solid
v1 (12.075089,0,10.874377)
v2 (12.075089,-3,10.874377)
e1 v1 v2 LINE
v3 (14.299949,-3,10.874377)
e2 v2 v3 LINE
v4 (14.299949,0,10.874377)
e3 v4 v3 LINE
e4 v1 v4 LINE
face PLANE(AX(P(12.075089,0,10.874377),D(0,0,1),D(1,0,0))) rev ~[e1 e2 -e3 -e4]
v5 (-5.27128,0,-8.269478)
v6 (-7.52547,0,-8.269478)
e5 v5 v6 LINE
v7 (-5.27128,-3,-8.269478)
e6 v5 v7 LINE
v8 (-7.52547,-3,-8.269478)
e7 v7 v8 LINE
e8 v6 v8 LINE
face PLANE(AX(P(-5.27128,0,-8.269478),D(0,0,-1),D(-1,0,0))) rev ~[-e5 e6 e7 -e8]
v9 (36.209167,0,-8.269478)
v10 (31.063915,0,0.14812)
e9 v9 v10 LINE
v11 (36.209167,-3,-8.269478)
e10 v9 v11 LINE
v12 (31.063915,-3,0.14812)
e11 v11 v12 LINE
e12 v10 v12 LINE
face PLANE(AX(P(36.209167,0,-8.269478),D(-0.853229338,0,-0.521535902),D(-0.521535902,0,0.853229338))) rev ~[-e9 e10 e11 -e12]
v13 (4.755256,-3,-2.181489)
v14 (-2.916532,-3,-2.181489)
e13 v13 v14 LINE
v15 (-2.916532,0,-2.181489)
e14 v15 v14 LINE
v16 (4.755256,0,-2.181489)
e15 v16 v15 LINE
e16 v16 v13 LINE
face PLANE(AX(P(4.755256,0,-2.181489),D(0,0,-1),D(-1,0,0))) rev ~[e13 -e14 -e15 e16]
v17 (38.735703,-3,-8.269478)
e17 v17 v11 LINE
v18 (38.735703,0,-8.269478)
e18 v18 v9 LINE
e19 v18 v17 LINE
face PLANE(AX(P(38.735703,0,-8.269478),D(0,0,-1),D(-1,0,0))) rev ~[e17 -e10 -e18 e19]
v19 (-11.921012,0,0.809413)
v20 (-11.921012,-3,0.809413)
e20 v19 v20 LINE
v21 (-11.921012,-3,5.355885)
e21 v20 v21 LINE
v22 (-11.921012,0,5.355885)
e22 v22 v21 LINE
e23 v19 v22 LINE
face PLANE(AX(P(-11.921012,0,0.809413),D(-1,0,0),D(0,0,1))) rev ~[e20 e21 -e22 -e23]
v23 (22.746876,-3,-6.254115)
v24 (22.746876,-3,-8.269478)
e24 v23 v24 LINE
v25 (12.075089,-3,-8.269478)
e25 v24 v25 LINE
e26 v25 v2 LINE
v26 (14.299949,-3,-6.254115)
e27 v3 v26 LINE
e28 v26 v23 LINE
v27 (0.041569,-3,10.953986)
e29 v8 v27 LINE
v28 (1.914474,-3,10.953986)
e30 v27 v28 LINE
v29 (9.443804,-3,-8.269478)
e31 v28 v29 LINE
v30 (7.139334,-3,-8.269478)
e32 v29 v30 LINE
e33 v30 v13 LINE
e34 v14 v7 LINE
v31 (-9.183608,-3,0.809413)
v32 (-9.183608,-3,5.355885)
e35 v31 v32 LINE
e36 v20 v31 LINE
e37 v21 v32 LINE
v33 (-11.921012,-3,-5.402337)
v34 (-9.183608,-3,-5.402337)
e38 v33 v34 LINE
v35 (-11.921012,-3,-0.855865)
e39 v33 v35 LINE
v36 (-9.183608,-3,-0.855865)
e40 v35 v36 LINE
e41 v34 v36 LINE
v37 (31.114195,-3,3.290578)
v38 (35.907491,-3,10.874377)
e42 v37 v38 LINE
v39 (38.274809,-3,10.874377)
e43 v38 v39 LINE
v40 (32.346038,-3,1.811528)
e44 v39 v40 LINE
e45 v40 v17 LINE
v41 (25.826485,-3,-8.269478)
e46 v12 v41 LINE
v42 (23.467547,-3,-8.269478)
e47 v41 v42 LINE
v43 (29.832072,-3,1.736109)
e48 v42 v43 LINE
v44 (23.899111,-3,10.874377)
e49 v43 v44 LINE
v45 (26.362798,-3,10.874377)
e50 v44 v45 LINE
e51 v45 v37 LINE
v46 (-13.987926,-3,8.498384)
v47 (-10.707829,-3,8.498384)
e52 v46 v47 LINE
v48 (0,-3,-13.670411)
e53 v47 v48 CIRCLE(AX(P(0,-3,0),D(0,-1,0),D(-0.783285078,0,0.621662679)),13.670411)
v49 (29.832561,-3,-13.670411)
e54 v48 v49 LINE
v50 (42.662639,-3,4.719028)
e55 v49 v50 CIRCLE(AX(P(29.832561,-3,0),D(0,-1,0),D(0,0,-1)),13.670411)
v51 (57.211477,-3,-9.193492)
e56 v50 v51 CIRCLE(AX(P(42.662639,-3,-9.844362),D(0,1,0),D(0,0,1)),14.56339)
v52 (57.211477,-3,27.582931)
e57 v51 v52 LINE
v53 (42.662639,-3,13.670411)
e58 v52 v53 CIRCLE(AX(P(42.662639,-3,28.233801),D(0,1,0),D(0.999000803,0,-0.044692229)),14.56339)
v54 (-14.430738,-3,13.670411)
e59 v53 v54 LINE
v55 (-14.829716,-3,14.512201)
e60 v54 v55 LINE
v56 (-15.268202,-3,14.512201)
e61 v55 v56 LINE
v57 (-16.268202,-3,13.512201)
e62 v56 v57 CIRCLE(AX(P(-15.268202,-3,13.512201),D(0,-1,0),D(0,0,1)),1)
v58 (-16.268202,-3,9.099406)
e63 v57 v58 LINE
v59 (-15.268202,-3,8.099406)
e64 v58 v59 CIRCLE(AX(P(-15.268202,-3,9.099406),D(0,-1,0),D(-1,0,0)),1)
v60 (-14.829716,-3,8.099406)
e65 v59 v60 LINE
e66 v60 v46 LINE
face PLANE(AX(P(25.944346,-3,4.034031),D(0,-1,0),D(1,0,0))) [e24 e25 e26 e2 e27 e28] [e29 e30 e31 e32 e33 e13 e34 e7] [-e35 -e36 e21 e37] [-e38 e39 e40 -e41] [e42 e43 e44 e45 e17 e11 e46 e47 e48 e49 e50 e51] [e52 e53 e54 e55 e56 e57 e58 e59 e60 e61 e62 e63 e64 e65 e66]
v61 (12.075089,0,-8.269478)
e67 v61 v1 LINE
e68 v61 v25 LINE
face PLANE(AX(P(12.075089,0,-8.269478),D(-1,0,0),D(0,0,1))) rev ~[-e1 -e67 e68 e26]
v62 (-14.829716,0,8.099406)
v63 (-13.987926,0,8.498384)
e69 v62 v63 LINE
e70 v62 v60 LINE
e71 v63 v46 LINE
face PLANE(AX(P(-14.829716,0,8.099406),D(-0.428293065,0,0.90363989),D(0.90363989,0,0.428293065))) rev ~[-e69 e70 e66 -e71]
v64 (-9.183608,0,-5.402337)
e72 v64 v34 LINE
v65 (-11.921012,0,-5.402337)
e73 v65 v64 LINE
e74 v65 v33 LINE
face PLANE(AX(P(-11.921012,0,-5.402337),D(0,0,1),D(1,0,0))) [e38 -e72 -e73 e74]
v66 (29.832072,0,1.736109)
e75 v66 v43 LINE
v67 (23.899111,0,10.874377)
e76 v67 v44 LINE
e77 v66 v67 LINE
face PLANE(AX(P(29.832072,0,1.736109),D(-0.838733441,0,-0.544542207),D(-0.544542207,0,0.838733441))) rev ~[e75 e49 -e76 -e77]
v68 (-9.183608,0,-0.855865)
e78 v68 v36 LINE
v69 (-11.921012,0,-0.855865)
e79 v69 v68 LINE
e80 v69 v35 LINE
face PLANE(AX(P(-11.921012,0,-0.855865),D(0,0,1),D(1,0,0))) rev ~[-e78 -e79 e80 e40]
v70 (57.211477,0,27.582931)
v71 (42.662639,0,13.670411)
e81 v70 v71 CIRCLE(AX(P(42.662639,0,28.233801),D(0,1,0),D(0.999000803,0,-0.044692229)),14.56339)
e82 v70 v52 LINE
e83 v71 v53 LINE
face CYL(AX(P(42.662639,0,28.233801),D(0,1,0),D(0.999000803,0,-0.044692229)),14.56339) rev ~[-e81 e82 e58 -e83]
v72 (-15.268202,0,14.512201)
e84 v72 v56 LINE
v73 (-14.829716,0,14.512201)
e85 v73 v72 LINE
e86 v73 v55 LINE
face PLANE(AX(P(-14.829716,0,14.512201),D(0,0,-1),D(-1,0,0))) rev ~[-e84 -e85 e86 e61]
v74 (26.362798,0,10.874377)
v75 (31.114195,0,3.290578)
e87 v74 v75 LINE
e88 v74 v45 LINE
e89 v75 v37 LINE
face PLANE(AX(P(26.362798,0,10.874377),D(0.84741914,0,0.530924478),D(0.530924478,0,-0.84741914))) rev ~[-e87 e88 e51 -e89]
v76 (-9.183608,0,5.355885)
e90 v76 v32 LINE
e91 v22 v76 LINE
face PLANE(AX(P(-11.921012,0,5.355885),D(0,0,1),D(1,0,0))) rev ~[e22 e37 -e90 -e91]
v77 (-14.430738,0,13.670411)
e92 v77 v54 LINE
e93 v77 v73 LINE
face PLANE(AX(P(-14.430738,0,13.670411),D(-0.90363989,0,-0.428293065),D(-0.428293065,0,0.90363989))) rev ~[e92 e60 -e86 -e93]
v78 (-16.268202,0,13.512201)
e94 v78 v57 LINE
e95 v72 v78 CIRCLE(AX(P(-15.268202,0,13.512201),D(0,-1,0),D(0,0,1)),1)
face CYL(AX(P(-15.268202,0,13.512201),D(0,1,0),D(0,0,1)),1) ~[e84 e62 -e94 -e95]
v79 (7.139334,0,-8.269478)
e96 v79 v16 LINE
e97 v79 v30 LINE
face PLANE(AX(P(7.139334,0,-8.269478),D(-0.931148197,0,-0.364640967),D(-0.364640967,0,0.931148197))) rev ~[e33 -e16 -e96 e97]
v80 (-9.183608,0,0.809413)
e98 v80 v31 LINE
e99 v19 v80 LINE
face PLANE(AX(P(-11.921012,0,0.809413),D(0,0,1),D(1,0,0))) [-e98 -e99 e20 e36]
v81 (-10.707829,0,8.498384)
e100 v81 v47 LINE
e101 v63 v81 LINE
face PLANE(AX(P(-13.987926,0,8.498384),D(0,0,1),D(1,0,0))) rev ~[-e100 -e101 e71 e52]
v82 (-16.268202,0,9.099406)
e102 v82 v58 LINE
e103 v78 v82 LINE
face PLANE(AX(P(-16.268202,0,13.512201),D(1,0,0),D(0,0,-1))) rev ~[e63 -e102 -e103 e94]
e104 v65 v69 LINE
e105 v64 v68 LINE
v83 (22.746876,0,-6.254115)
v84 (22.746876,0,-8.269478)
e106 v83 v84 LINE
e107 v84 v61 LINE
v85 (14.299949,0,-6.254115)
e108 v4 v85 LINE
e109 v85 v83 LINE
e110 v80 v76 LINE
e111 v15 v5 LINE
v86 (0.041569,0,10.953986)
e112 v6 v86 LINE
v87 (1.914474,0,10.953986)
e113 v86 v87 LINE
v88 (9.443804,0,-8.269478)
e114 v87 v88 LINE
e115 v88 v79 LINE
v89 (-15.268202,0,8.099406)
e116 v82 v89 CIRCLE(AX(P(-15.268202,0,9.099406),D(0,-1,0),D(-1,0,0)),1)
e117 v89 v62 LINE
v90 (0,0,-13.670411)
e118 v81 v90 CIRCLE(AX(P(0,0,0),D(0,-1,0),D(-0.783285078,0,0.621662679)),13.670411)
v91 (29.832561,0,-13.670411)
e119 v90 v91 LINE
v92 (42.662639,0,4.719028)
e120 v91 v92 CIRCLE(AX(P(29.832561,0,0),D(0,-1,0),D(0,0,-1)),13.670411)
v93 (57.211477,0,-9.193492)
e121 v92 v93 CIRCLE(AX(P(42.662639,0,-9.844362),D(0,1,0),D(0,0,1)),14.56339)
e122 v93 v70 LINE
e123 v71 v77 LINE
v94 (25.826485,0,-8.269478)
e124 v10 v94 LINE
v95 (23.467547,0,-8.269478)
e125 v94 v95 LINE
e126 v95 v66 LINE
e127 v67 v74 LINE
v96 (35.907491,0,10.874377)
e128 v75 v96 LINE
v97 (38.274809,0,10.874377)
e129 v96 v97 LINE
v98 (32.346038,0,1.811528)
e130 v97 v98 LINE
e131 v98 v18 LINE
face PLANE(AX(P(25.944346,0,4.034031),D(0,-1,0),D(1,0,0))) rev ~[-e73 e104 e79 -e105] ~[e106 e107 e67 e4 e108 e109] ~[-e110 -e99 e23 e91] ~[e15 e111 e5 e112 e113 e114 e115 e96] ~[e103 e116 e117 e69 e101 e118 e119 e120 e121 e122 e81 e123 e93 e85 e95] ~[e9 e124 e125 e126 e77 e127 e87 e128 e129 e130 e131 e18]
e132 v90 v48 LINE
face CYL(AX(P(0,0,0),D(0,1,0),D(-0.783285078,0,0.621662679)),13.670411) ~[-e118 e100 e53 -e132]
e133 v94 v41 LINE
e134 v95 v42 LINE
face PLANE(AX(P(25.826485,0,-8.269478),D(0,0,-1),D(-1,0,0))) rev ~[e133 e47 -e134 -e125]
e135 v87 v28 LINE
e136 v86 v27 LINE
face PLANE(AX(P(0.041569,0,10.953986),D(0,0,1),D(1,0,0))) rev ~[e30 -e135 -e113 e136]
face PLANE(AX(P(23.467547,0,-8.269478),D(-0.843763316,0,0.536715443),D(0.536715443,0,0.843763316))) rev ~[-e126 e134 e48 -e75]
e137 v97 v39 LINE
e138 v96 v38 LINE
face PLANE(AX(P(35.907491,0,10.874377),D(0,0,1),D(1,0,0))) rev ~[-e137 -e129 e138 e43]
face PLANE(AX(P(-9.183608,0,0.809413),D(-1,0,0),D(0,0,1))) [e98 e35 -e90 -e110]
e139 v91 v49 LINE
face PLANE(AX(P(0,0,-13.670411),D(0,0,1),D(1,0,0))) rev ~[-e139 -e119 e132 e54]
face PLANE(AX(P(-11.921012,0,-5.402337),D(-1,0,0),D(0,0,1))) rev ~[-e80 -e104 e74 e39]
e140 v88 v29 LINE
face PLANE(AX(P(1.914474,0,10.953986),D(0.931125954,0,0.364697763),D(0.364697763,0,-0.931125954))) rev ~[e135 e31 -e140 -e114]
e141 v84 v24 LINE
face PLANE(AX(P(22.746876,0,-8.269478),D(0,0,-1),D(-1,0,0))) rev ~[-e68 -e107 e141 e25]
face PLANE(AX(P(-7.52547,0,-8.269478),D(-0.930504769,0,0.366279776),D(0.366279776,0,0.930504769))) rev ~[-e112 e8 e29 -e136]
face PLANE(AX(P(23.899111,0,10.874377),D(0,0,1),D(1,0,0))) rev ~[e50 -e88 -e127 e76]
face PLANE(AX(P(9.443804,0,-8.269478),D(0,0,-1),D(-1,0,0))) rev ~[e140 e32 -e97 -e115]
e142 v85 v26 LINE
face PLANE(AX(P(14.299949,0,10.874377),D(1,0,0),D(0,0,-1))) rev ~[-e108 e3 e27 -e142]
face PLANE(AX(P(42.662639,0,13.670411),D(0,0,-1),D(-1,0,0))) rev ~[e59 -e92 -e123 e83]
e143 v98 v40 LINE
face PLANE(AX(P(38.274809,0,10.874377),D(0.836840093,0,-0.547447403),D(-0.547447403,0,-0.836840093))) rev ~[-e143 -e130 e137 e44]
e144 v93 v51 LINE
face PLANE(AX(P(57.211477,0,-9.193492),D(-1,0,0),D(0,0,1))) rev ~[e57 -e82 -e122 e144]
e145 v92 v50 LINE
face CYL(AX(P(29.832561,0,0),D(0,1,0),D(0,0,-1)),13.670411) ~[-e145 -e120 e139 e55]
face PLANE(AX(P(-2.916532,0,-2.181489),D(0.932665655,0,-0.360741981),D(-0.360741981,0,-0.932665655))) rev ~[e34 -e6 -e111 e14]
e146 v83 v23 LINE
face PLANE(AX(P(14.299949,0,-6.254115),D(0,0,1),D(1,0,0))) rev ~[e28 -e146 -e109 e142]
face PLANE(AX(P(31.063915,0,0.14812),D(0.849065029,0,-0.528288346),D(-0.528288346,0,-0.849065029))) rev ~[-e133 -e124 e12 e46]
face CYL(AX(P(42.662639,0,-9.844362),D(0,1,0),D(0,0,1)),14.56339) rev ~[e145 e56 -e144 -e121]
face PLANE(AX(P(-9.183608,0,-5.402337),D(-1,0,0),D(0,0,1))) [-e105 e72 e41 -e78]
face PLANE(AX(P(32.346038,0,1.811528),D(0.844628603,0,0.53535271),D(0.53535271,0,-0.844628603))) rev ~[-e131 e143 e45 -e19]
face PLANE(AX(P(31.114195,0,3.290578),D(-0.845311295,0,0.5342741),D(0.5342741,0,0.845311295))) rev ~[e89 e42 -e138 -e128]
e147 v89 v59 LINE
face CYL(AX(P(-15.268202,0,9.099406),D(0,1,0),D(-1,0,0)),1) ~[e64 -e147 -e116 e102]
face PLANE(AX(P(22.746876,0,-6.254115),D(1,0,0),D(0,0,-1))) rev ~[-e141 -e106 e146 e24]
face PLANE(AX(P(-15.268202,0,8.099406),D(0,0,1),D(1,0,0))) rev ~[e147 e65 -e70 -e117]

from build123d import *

# Parameters (mm, degrees)
F0_W     = 2.7374038473
F0_H     = 4.5464726281
F1_DEPTH = 3


with BuildPart() as f1:
    # F0 (on Front) → F1 (new body)
    with BuildSketch(Plane.XZ):
        with BuildLine():
            Line((-13.9879264009, 8.4983842463), (-10.7078288449, 8.4983842463))
            ThreePointArc((-10.7078288449, 8.4983842463), (-12.3096819162, -5.9457433928), (0, -13.6704108706))
            Line((0, -13.6704108706), (29.832560569, -13.6704108706))
            ThreePointArc((29.832560569, -13.6704108706), (41.0439649972, -7.8220549805), (42.6626390029, 4.7190275219))
            ThreePointArc((42.6626390029, 4.7190275219), (52.7277631814, 0.6811115523), (57.2114773095, -9.193492122))
            Line((57.2114773095, -9.193492122), (57.2114773095, 27.5829305145))
            ThreePointArc((57.2114773095, 27.5829305145), (52.7277631814, 17.7083268402), (42.6626390029, 13.6704108706))
            Line((42.6626390029, 13.6704108706), (29.832560569, 13.6704108706))
            Line((29.832560569, 13.6704108706), (0, 13.6704108706))
            Line((0, 13.6704108706), (-14.4307379611, 13.6704108706))
            Line((-14.4307379611, 13.6704108706), (-14.8297163701, 14.5122008398))
            Line((-14.8297163701, 14.5122008398), (-15.268201828, 14.5122008398))
            ThreePointArc((-15.268201828, 14.5122008398), (-15.9753086092, 14.219307621), (-16.268201828, 13.5122008398))
            Line((-16.268201828, 13.5122008398), (-16.268201828, 9.0994058373))
            ThreePointArc((-16.268201828, 9.0994058373), (-15.9753086092, 8.3922990562), (-15.268201828, 8.0994058373))
            Line((-15.268201828, 8.0994058373), (-14.8297163701, 8.0994058373))
            Line((-14.8297163701, 8.0994058373), (-13.9879264009, 8.4983842463))
        make_face()
        with Locations((-10.5523099191, -3.12910098)):
            Rectangle(F0_W, F0_H, mode=Mode.SUBTRACT)
        Polygon((9.4438036352, -8.2694776356), (7.1393343615, -8.2694776356), (4.7552561492, -2.1814888088), (-2.9165315603, -2.1814888088), (-5.2712801637, -8.2694776356), (-7.5254701078, -8.2694776356), (0.0415689984, 10.9539860515), (1.9144740263, 10.9539860515), align=None, mode=Mode.SUBTRACT)
        with Locations((-10.5523099191, 3.0826488801)):
            Rectangle(F0_W, F0_H, mode=Mode.SUBTRACT)
        Polygon((22.7468762609, -8.2694776356), (12.0750885514, -8.2694776356), (12.0750885514, 10.874377113), (14.2999488866, 10.874377113), (14.2999488866, -6.2541145071), (22.7468762609, -6.2541145071), align=None, mode=Mode.SUBTRACT)
        Polygon((32.3460382721, 1.811527951), (38.7357030766, -8.2694776356), (36.2091667637, -8.2694776356), (31.0639153671, 0.1481201297), (25.8264851995, -8.2694776356), (23.467546652, -8.2694776356), (29.8320717916, 1.7361089566), (23.8991108978, 10.874377113), (26.3627980486, 10.874377113), (31.1141946967, 3.2905782303), (35.9074907861, 10.874377113), (38.2748092218, 10.874377113), align=None, mode=Mode.SUBTRACT)
    extrude(amount=F1_DEPTH)


solid = f1.part
